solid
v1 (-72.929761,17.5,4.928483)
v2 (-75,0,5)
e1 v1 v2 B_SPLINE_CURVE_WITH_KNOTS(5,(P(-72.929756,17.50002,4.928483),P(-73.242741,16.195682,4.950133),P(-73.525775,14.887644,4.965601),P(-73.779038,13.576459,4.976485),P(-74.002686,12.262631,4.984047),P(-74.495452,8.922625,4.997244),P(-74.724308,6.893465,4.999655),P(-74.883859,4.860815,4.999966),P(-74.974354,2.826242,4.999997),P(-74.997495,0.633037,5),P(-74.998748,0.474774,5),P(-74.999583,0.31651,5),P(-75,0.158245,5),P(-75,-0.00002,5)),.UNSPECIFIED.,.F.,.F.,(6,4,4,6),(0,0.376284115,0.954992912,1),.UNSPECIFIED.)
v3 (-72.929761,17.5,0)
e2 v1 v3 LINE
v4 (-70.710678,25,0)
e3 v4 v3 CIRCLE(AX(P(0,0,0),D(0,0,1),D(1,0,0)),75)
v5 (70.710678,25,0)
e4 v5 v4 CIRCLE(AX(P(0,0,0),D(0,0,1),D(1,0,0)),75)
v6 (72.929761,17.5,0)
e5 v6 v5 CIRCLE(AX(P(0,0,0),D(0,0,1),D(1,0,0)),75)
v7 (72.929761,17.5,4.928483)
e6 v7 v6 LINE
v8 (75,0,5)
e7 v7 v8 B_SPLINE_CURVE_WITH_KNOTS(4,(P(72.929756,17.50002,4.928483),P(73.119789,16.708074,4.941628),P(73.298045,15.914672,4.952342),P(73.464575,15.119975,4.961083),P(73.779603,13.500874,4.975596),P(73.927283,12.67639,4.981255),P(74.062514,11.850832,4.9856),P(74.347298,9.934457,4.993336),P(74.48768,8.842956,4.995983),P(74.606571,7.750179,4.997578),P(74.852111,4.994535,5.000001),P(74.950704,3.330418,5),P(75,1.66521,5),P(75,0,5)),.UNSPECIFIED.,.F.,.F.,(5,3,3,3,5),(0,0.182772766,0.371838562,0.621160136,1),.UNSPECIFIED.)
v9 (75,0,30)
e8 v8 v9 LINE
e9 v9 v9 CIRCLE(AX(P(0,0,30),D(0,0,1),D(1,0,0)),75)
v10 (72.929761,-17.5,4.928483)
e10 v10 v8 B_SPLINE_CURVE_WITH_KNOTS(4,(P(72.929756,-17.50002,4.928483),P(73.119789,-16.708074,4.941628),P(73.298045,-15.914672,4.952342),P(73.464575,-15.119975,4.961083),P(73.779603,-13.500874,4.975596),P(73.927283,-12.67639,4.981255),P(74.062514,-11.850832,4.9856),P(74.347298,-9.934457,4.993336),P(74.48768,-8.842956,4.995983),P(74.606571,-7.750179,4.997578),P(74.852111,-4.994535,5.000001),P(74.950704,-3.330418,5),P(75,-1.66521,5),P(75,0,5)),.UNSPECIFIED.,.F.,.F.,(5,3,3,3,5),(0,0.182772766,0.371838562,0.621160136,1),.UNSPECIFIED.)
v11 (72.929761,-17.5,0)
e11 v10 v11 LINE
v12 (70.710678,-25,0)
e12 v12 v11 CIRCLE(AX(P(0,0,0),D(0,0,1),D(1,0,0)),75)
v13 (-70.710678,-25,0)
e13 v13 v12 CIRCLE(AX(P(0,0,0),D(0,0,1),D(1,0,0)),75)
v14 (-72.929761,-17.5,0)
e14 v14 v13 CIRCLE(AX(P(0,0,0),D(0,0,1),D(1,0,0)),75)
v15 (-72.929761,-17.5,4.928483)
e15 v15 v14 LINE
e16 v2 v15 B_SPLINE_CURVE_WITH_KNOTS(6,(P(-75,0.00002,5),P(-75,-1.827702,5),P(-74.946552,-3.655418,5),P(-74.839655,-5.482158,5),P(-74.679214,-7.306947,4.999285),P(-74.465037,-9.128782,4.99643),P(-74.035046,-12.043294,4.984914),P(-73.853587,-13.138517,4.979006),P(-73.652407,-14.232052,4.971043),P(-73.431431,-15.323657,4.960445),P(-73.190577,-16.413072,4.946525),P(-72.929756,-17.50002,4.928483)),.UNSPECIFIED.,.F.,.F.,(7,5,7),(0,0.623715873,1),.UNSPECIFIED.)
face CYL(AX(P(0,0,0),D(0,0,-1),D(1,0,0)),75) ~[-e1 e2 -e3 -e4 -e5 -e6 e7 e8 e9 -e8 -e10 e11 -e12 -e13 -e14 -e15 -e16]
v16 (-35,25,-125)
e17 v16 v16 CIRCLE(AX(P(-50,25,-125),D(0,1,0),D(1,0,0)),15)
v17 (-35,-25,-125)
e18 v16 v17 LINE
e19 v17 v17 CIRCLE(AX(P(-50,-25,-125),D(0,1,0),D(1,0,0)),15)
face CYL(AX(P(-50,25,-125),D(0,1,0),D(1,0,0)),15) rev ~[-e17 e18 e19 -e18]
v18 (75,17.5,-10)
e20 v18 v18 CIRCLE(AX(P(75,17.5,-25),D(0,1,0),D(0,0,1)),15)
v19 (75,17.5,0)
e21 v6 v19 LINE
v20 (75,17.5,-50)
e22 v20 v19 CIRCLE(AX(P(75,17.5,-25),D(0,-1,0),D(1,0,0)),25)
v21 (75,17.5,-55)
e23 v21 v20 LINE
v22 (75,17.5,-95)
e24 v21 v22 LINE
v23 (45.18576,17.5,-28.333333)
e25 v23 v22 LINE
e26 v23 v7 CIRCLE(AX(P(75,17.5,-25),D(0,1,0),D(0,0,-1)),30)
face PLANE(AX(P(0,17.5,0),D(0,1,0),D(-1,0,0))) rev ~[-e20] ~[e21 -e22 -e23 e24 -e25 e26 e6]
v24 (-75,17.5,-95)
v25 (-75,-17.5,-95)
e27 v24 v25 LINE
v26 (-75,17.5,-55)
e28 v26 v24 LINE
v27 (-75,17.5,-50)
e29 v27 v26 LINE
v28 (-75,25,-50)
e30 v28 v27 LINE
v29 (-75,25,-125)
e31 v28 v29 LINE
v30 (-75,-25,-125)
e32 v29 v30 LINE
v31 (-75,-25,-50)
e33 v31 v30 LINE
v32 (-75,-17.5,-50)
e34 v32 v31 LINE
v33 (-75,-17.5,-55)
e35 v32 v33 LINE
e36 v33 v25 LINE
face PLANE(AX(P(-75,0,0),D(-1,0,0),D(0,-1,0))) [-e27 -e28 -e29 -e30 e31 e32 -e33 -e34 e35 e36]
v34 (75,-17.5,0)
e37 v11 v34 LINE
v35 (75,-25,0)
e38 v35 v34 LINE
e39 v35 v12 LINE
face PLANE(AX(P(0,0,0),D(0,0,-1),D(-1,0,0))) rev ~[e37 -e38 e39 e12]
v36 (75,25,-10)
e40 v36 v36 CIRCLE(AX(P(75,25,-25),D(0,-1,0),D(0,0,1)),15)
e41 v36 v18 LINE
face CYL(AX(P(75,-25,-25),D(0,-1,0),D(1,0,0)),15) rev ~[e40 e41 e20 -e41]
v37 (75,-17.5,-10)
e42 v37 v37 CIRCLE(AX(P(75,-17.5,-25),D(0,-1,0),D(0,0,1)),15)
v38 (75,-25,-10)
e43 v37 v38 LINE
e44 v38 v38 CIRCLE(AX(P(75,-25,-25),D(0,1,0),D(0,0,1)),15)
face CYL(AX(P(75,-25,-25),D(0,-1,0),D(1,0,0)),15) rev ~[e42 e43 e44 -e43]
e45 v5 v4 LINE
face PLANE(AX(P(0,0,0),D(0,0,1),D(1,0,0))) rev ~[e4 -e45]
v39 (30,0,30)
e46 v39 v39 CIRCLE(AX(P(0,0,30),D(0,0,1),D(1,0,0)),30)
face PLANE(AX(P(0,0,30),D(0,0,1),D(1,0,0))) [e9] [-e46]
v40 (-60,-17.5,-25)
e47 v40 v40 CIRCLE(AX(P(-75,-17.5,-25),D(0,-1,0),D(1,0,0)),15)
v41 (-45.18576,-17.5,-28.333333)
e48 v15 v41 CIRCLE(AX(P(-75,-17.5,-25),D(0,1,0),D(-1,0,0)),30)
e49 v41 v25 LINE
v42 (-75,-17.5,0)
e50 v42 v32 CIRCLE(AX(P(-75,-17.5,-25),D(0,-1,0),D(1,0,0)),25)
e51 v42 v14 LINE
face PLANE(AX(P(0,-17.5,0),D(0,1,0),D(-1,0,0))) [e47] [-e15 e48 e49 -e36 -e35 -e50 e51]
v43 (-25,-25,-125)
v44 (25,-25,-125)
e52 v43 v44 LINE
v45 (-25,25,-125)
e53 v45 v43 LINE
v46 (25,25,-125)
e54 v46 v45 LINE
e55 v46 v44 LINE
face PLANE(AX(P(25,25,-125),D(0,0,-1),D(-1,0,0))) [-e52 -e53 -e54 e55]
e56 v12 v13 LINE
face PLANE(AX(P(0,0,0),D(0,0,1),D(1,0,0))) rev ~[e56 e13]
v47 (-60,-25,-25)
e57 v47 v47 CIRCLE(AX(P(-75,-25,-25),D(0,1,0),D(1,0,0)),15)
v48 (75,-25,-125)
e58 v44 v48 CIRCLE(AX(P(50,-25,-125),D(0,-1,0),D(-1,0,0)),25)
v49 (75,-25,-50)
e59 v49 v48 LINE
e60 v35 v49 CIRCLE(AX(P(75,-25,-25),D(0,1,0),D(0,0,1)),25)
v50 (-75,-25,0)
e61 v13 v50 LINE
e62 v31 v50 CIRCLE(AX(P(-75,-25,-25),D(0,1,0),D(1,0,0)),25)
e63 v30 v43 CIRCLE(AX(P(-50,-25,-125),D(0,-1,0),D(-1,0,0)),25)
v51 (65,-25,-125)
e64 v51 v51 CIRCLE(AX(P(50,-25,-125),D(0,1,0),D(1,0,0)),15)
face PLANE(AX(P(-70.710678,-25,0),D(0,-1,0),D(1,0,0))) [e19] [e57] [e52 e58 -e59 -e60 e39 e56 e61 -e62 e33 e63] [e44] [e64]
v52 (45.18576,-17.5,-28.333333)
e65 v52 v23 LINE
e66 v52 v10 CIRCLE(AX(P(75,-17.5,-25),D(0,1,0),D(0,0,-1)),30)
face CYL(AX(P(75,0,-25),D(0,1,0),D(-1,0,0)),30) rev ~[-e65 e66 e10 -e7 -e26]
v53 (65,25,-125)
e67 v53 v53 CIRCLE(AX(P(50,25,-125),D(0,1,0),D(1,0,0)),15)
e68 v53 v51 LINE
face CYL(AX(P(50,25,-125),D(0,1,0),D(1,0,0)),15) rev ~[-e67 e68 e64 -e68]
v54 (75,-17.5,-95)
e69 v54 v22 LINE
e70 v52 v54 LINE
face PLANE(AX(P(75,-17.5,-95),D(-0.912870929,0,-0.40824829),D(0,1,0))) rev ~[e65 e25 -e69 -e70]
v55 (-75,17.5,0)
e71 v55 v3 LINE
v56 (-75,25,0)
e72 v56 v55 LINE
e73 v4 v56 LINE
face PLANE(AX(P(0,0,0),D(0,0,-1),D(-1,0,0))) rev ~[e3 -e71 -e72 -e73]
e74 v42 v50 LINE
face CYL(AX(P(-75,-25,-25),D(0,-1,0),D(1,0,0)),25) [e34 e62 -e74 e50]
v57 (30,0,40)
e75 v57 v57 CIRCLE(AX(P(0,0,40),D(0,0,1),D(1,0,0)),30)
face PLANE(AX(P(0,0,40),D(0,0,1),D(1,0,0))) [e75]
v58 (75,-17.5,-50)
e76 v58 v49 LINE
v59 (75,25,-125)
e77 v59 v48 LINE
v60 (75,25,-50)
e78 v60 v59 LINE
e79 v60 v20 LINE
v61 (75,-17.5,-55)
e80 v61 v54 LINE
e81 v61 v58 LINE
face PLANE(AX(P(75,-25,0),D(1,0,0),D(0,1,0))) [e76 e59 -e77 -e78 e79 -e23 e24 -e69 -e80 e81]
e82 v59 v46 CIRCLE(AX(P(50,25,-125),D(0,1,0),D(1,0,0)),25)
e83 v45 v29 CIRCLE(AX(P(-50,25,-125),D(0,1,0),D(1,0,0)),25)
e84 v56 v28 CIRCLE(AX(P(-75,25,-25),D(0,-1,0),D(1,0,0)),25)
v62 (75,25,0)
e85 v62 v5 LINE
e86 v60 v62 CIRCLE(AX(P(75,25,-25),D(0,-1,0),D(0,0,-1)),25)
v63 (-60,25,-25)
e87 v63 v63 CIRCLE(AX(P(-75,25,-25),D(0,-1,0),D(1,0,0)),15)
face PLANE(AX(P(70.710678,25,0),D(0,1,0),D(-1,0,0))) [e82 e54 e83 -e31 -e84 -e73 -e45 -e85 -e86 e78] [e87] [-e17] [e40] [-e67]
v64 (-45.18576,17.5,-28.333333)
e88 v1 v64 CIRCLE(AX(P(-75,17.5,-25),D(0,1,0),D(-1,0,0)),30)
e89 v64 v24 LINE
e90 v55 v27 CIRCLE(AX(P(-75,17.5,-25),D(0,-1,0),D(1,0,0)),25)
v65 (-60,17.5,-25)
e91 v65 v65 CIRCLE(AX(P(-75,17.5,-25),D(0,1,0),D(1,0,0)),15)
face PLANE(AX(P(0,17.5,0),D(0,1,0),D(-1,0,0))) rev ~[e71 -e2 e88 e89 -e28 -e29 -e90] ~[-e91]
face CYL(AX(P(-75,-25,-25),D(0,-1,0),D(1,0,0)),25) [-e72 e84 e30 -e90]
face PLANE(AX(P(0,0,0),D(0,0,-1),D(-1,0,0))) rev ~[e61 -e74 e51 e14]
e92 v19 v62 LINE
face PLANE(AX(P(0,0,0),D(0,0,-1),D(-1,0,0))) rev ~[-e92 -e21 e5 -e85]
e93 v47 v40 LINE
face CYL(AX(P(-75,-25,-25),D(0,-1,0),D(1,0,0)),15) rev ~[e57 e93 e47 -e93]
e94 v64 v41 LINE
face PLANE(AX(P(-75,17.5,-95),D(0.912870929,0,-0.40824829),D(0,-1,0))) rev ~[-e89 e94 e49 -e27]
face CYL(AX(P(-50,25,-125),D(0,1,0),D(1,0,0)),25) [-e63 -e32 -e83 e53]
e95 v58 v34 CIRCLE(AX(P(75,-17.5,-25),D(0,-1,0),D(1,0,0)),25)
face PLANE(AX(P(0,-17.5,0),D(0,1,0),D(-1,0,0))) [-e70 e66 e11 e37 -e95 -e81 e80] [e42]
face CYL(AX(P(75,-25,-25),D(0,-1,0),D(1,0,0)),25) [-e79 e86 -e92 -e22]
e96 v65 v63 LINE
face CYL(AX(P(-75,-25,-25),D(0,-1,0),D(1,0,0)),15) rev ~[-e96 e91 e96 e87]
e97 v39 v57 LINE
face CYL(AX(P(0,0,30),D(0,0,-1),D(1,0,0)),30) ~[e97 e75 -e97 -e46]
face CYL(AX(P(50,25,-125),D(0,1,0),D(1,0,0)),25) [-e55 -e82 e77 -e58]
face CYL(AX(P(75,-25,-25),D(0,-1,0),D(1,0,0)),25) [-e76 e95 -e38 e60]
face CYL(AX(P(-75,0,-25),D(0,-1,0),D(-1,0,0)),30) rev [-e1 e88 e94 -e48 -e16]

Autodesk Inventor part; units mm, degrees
ref_plane "YZ Plane" through (0, 0, 0) normal (1, 0, 0) x (0, 1, 0)
ref_plane "XZ Plane" through (0, 0, 0) normal (0, 1, 0) x (-1, 0, 0)
ref_plane "XY Plane" through (0, 0, 0) normal (0, 0, 1) x (1, 0, 0)
sketch "草图1" plane through (0, 0, 0) normal (0, 0, 1) x (1, 0, 0)
  circle A0 centre (0, 0) radius 75
  dimension "d0" = 150
extrude "拉伸1" add sketch "草图1" along normal blind 30
sketch "草图2" plane through (0, 0, 30) normal (0, 0, 1) x (1, 0, 0)
  circle A0 centre (0, 0) radius 30
  dimension "d3" = 60
extrude "拉伸2" add sketch "草图2" along normal blind 10
sketch "草图3" plane through (0, 0, 0) normal (0, 0, -1) x (-1, 0, 0)
  circle A0 centre (0, 0) radius 75 projected
  line L0 (-75, 25) -> (75, 25)
  line L1 (75, 25) -> (75, -25)
  line L2 (75, -25) -> (-75, -25)
  line L3 (-75, -25) -> (-75, 25)
  line L4 (-75, 25) -> (75, -25) construction
  line L5 (75, 25) -> (-75, -25) construction
  dimension "d21" = 50
  dimension "d22" = 150
extrude "拉伸3" add sketch "草图3" along normal blind 150 contours A0 L2 L0 | L1 L2 A0 | A0 L0 L1 | A0 L3 L0 | L2 L3 A0
sketch "草图4" plane through (-70, 25, 0) normal (0, 1, 0) x (1, 0, 0)
  circle A0 centre (120, 125) radius 15
  circle A1 centre (20, 125) radius 15
  line L0 (145, 0) -> (145, 150) projected
  arc A2 (145, 125) -> (95, 125) centre (120, 125) ccw
  line L1 (-5, 150) -> (145, 150) projected
  arc A3 (45, 125) -> (-5, 125) centre (20, 125) ccw
  line L2 (145, 125) -> (145, 150)
  line L3 (120, 150) -> (20, 150)
  line L4 (-5, 0) -> (-5, 150) projected
  line L5 (-5, 150) -> (20, 150)
  line L6 (-5, 150) -> (-5, 125)
  line L7 (95, 125) -> (45, 125)
  point P0 (70, 0)
  dimension "d12" = 30
  dimension "d13" = 30
  dimension "d23" = 100
  dimension "d24" = 25
extrude "拉伸4" cut sketch "草图4" against normal through all
sketch "草图5" plane through (-70.7107, -25, 0) normal (0, -1, 0) x (1, 0, 0)
  line L0 (-4.2893, 0) -> (-4.2893, -125) projected
  line L1 (145.7107, 0) -> (145.7107, -125) projected
  line L2 (0, 0) -> (141.4214, 0) projected
  circle A0 centre (-4.2893, -25) radius 25
  circle A1 centre (145.7107, -25) radius 25
  circle A2 centre (-4.2893, -25) radius 15
  circle A3 centre (145.7107, -25) radius 15
  point P0 (70.7107, 0)
  dimension "d34" = 30
  dimension "d35" = 30
extrude "拉伸5" add sketch "草图5" against normal up to surface (50 mm away) contours A0 L0 A2 | L0 A2 A0 | A1 L1 A3 | L1 A3 A1
extrude "拉伸6" cut sketch "草图5" against normal through all contours A2 L0 | L0 A2 | A3 L1 | L1 A3
sketch "草图6" plane through (0, 0, 0) normal (0, 1, 0) x (-1, 0, 0)
  circle A0 centre (75, -25) radius 15 projected
  circle A1 centre (75, -25) radius 30
  circle A2 centre (-75, -25) radius 15 projected
  circle A3 centre (-75, -25) radius 30
  point P0 (0, 0)
  dimension "d40" = 60
  dimension "d41" = 60
extrude "拉伸7" cut sketch "草图6" along normal mid plane 35
chamfer "倒角1" distance 40 angle 45 2 edges at (-75, 0, -55) (75, 0, -55)
equation "\"d36\" = d13"
equation "\"d38\" = d13"
properties part number "Pam" material "钢，高强度，低合金"
